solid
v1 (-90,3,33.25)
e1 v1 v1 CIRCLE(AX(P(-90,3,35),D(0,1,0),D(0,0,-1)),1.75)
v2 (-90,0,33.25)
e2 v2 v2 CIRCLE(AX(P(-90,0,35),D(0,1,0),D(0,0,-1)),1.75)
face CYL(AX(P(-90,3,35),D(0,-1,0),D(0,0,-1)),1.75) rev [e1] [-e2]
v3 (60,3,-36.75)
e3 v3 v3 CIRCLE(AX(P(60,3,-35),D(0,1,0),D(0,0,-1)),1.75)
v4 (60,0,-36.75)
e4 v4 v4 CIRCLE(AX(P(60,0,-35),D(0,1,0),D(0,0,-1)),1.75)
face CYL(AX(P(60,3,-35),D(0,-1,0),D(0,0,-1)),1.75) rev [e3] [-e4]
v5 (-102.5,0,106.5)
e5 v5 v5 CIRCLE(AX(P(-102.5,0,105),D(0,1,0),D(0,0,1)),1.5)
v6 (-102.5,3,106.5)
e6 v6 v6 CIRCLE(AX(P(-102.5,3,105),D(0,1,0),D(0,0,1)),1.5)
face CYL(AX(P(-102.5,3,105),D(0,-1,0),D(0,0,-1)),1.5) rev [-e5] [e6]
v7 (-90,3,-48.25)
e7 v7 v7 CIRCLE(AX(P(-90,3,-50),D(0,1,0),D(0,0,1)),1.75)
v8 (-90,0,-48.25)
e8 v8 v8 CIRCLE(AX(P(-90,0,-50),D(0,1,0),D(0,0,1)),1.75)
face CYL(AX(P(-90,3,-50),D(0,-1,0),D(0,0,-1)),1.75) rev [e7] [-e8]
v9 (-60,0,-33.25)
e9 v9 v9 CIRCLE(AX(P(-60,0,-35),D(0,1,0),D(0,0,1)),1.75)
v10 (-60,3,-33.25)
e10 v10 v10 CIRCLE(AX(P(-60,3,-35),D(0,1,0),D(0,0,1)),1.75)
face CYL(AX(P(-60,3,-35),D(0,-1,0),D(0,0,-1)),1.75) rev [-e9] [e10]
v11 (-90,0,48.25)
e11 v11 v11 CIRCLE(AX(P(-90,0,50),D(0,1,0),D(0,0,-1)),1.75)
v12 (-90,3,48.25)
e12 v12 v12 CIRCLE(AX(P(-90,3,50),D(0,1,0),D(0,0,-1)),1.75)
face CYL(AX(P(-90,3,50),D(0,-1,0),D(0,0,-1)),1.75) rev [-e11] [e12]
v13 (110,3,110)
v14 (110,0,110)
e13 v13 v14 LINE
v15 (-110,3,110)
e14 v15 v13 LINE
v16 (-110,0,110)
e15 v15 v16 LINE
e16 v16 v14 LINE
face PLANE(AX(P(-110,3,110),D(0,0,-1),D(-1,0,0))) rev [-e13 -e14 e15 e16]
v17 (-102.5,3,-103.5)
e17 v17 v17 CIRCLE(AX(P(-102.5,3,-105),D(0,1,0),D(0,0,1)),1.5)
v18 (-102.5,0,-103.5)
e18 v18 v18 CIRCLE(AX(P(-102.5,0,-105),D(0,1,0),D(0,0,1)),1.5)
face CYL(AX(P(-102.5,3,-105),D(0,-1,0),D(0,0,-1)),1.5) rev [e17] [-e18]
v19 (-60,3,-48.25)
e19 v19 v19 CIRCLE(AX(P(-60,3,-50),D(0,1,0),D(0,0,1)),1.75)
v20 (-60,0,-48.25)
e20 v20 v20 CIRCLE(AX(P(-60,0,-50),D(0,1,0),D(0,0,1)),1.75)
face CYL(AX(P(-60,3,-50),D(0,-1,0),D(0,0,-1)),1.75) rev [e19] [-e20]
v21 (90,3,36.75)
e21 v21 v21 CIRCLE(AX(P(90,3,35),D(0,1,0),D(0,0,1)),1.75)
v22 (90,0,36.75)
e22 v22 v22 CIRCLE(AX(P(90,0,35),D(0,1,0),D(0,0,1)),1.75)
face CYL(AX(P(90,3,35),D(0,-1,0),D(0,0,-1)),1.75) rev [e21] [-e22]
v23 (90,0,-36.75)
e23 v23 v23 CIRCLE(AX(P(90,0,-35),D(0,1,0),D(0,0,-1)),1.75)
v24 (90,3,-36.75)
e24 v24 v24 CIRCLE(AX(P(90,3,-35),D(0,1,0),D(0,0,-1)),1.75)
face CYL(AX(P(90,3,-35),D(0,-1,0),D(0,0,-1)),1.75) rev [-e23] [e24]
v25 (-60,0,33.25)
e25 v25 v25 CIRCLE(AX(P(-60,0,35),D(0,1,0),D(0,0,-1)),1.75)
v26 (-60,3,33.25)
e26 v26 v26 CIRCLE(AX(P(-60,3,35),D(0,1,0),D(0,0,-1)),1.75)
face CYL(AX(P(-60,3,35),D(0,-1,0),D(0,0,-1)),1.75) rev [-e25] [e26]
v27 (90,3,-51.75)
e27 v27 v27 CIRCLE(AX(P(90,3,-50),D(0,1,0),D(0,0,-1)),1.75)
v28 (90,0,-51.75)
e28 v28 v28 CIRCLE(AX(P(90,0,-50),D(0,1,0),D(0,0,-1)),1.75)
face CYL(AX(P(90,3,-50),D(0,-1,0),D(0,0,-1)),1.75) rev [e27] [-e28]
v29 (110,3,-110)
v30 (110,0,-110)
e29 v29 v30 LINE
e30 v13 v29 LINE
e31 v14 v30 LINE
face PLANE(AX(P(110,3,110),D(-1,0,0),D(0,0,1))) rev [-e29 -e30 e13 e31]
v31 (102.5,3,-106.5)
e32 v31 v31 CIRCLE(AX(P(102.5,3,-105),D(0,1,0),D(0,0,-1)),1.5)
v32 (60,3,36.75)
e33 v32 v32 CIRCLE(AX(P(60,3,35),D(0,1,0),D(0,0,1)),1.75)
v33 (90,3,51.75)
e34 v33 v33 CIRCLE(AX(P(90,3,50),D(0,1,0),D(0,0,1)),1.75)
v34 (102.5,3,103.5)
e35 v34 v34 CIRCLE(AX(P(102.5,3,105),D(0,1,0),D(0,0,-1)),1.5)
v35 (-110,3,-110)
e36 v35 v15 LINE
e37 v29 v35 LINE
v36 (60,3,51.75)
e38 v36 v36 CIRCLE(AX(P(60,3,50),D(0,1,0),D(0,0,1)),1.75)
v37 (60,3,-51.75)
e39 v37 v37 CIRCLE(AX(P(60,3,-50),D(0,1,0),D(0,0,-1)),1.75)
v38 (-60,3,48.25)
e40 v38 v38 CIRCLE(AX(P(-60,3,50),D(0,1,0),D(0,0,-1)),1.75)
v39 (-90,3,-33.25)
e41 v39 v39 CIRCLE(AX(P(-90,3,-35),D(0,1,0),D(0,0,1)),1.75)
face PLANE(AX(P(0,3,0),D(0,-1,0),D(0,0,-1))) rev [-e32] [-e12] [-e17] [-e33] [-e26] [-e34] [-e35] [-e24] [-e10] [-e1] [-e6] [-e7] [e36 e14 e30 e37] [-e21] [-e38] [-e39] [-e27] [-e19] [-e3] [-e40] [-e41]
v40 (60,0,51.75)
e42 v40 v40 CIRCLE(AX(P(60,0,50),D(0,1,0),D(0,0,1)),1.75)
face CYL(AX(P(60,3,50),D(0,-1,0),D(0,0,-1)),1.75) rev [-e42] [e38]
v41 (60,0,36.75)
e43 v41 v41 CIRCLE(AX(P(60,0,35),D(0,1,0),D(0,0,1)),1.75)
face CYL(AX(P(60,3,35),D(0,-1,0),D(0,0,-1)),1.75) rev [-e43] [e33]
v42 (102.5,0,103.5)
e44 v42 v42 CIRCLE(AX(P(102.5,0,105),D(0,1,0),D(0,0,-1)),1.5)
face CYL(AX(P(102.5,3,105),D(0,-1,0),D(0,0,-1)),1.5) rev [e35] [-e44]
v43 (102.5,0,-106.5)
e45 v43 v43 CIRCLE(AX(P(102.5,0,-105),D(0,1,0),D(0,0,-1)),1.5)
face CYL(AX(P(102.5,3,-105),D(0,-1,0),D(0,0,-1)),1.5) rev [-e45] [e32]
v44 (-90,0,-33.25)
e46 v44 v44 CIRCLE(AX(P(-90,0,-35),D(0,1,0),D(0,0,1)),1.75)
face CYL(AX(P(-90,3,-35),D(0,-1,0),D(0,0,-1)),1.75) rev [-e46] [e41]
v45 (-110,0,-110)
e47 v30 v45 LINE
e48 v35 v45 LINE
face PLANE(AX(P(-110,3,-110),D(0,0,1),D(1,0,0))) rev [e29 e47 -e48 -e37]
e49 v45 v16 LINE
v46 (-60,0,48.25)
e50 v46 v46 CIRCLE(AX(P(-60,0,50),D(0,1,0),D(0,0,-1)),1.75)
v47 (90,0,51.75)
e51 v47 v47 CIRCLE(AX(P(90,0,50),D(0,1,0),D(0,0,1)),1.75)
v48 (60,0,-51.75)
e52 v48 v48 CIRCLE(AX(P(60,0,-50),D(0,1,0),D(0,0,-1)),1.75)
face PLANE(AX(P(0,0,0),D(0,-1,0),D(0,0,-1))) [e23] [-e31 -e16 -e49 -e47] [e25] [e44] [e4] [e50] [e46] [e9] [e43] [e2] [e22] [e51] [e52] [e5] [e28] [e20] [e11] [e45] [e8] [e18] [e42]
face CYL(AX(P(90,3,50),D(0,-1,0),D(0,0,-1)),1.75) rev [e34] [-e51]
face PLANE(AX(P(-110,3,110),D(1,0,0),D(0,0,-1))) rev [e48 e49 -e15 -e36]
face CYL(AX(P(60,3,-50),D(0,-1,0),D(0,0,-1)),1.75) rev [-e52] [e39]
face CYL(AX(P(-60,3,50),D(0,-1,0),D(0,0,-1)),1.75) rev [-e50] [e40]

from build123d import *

# Parameters (mm, degrees)
ESBO_O1_W                = 220
ESBO_O1_H                = 220
ESBO_O1_R                = 1.5
ESBO_O1_R_2              = 1.75
RESSALTO_EXTRUS_O1_DEPTH = 3


with BuildPart() as part:
    # Esboço1 → Ressalto-extrusão1 (new body)
    with BuildSketch(Plane(origin=(0, 0, 0), x_dir=(1, 0, 0), z_dir=(0, 1, 0))):
        Rectangle(ESBO_O1_W, ESBO_O1_H)
        with Locations(Location((-102.5, 105, 0), (0, 0, 270))):
            Circle(ESBO_O1_R, mode=Mode.SUBTRACT)
        with Locations(Location((-102.5, -105, 0), (0, 0, 270))):
            Circle(ESBO_O1_R, mode=Mode.SUBTRACT)
        with Locations(Location((102.5, -105, 0), (0, 0, 90))):
            Circle(ESBO_O1_R, mode=Mode.SUBTRACT)
        with Locations(Location((102.5, 105, 0), (0, 0, 90))):
            Circle(ESBO_O1_R, mode=Mode.SUBTRACT)
        with Locations(Location((-90, 50, 0), (0, 0, 270))):
            Circle(ESBO_O1_R_2, mode=Mode.SUBTRACT)
        with Locations(Location((-60, 35, 0), (0, 0, 270))):
            Circle(ESBO_O1_R_2, mode=Mode.SUBTRACT)
        with Locations(Location((-90, 35, 0), (0, 0, 270))):
            Circle(ESBO_O1_R_2, mode=Mode.SUBTRACT)
        with Locations(Location((-60, 50, 0), (0, 0, 270))):
            Circle(ESBO_O1_R_2, mode=Mode.SUBTRACT)
        with Locations(Location((60, 50, 0), (0, 0, 90))):
            Circle(ESBO_O1_R_2, mode=Mode.SUBTRACT)
        with Locations(Location((90, 35, 0), (0, 0, 90))):
            Circle(ESBO_O1_R_2, mode=Mode.SUBTRACT)
        with Locations(Location((60, 35, 0), (0, 0, 90))):
            Circle(ESBO_O1_R_2, mode=Mode.SUBTRACT)
        with Locations(Location((90, 50, 0), (0, 0, 90))):
            Circle(ESBO_O1_R_2, mode=Mode.SUBTRACT)
        with Locations(Location((90, -50, 0), (0, 0, 270))):
            Circle(ESBO_O1_R_2, mode=Mode.SUBTRACT)
        with Locations(Location((60, -35, 0), (0, 0, 270))):
            Circle(ESBO_O1_R_2, mode=Mode.SUBTRACT)
        with Locations(Location((90, -35, 0), (0, 0, 270))):
            Circle(ESBO_O1_R_2, mode=Mode.SUBTRACT)
        with Locations(Location((60, -50, 0), (0, 0, 270))):
            Circle(ESBO_O1_R_2, mode=Mode.SUBTRACT)
        with Locations(Location((-60, -50, 0), (0, 0, 90))):
            Circle(ESBO_O1_R_2, mode=Mode.SUBTRACT)
        with Locations(Location((-90, -35, 0), (0, 0, 90))):
            Circle(ESBO_O1_R_2, mode=Mode.SUBTRACT)
        with Locations(Location((-60, -35, 0), (0, 0, 90))):
            Circle(ESBO_O1_R_2, mode=Mode.SUBTRACT)
        with Locations(Location((-90, -50, 0), (0, 0, 90))):
            Circle(ESBO_O1_R_2, mode=Mode.SUBTRACT)
    extrude(amount=RESSALTO_EXTRUS_O1_DEPTH)


solid = part.part
